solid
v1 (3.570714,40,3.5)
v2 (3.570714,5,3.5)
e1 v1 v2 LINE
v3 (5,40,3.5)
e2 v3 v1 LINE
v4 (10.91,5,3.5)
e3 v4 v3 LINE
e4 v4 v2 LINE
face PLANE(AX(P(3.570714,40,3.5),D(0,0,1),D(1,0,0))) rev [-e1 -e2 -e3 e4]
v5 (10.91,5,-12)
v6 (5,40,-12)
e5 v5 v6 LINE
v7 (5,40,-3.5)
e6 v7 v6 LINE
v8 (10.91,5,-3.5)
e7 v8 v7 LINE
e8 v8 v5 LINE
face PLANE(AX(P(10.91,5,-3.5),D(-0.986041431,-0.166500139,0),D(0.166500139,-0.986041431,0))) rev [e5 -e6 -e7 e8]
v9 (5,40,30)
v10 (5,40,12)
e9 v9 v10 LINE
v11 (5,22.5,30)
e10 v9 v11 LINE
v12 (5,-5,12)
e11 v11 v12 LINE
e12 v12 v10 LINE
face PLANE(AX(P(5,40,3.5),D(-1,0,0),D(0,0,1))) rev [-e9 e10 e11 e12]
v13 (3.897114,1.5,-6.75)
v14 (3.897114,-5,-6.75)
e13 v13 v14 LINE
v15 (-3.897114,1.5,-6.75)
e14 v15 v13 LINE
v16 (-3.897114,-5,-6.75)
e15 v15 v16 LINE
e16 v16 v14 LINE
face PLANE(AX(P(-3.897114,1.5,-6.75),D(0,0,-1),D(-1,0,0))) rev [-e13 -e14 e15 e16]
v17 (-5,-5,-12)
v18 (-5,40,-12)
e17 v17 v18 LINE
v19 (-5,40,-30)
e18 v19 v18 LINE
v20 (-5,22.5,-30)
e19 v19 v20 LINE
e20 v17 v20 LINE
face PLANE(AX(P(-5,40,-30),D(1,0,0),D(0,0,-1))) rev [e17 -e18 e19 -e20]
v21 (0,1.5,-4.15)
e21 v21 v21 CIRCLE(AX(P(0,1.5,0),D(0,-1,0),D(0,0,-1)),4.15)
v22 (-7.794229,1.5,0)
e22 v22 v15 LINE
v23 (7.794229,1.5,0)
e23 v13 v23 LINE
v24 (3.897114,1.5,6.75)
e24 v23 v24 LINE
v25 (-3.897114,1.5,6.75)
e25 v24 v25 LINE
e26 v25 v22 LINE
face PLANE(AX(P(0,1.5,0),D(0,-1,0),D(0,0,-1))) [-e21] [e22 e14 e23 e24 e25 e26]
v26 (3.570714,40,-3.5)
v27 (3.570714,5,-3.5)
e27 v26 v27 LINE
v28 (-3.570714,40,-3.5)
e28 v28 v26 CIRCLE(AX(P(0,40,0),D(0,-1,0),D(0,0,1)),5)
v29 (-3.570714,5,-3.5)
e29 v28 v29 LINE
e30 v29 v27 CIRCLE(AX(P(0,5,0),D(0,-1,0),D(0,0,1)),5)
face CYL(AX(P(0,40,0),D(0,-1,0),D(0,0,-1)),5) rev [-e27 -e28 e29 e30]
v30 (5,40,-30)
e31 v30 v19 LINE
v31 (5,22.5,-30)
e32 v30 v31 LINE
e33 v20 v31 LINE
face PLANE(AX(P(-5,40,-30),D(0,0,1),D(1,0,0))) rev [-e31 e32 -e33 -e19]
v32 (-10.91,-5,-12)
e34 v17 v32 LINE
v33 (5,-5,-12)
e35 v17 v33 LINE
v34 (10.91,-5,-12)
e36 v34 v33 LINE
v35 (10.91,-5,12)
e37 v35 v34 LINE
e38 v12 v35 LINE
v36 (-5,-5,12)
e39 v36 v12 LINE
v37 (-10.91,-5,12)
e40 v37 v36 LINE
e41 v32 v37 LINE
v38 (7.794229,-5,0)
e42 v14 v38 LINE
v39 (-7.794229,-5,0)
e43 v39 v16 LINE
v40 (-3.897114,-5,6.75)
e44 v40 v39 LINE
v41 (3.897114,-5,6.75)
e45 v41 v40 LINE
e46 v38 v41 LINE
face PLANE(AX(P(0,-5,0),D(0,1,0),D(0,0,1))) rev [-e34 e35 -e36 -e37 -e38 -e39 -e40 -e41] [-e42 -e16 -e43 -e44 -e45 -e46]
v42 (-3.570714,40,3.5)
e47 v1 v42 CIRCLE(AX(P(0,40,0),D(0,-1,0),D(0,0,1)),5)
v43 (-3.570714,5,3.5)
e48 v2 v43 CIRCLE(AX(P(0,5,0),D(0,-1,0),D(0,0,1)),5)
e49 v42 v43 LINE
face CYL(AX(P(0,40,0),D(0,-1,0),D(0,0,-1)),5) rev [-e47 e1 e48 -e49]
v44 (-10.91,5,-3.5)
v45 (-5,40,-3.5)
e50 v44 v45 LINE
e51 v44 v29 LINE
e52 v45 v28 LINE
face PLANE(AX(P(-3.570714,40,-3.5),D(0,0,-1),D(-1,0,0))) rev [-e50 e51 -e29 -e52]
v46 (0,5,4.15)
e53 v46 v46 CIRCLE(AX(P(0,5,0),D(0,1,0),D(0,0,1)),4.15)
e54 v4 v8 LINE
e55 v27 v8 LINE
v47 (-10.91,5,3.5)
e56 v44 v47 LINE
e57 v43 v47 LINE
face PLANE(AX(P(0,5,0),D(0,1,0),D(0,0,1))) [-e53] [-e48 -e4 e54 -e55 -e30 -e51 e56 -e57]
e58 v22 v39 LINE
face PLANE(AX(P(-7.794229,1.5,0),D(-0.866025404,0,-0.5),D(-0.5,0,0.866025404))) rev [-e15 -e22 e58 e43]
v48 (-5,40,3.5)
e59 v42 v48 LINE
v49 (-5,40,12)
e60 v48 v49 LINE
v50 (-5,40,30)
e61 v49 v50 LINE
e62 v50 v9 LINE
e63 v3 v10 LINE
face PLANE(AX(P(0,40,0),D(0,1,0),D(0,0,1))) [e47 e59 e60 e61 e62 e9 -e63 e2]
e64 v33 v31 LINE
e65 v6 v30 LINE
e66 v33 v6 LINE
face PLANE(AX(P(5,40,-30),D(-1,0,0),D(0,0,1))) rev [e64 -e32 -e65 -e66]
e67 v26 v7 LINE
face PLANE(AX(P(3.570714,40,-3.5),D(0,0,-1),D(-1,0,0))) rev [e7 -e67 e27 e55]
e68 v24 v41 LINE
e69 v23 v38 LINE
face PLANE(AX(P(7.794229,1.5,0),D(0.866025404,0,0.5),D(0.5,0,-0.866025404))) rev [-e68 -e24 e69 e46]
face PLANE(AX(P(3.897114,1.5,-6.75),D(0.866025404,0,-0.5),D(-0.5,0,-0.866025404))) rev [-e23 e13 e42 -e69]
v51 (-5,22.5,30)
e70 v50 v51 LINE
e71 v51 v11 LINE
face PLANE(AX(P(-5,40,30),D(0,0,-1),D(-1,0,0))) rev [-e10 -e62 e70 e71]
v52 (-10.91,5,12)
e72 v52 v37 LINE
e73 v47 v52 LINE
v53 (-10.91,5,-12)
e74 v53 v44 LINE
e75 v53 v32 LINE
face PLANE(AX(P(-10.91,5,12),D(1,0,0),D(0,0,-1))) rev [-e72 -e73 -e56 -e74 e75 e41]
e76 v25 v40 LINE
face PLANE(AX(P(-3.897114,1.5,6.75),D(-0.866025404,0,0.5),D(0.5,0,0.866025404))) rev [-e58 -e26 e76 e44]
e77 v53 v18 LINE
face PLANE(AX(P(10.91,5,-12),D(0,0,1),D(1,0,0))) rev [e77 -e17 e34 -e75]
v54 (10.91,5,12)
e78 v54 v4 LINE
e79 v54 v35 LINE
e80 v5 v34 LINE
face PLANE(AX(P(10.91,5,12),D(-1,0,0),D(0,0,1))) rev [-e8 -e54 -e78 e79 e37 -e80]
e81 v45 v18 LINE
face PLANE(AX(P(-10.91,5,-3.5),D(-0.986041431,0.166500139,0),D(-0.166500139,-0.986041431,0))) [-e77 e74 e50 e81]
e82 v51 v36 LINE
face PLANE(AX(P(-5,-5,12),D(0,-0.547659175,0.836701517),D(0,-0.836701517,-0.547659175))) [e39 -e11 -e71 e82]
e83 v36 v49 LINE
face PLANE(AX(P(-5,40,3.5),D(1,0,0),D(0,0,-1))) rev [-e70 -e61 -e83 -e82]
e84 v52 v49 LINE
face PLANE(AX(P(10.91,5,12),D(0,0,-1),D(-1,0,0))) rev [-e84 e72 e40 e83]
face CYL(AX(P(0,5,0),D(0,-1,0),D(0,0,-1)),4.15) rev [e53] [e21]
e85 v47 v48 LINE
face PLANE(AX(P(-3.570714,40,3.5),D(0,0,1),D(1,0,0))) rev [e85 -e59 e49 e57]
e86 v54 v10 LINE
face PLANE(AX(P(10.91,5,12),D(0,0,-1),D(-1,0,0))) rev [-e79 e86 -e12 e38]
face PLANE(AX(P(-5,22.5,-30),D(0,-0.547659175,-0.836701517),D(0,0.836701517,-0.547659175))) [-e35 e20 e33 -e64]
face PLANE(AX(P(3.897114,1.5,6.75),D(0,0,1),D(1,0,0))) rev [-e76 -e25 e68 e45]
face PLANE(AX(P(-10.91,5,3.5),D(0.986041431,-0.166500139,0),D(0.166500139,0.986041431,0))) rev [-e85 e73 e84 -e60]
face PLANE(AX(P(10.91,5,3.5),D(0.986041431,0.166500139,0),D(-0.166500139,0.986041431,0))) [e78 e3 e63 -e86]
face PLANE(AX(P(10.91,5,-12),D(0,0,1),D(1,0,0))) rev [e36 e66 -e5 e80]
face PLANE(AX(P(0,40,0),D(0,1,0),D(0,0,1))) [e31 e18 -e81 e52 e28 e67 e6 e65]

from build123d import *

# Parameters (mm, degrees)
SKETCH1_W           = 21.82
SKETCH1_H           = 24
SKETCH1_R           = 4.15
BOSS_EXTRUDE1_DEPTH = 5
CUT_EXTRUDE1_DEPTH  = 6.5
BOSS_EXTRUDE2_DEPTH = 35
BOSS_EXTRUDE3_DEPTH = 10
CUT_EXTRUDE2_DEPTH  = 10
BOSS_EXTRUDE4_START = -18
BOSS_EXTRUDE4_DEPTH = 8.5


with BuildPart() as part:
    # Sketch1 → Boss-Extrude1 (new, symmetric)
    with BuildSketch(Plane(origin=(0, 0, 0), x_dir=(1, 0, 0), z_dir=(0, 1, 0))):
        Rectangle(SKETCH1_W, SKETCH1_H)
        with Locations(Location((0, 0, 0), (0, 0, 270))):
            Circle(SKETCH1_R, mode=Mode.SUBTRACT)
    extrude(amount=BOSS_EXTRUDE1_DEPTH, both=True)

    # Sketch2 → Cut-Extrude1 (cut)
    with BuildSketch(Plane.XZ.offset(5)):
        Polygon((-7.794228634, 0), (-3.897114317, -6.75), (3.897114317, -6.75), (7.794228634, 0), (3.897114317, 6.75), (-3.897114317, 6.75), align=None)
    extrude(amount=-CUT_EXTRUDE1_DEPTH, mode=Mode.SUBTRACT)

    # Sketch3 → Boss-Extrude2 (add)
    with BuildSketch(Plane(origin=(0, 5, 0), x_dir=(1, 0, 0), z_dir=(0, 1, 0))):
        with BuildLine():
            Line((-3.570714214, 3.5), (-5, 3.5))
            Line((-5, 3.5), (-5, 30))
            Line((-5, 30), (5, 30))
            Line((5, 30), (5, 3.5))
            Line((5, 3.5), (3.570714214, 3.5))
            ThreePointArc((3.570714214, 3.5), (0, 5), (-3.570714214, 3.5))
        make_face()
        with BuildLine():
            Line((-5, -30), (5, -30))
            Line((5, -30), (5, -3.5))
            Line((5, -3.5), (3.570714214, -3.5))
            ThreePointArc((3.570714214, -3.5), (0, -5), (-3.570714214, -3.5))
            Line((-3.570714214, -3.5), (-5, -3.5))
            Line((-5, -3.5), (-5, -30))
        make_face()
    extrude(amount=BOSS_EXTRUDE2_DEPTH)

    # Sketch4 → Boss-Extrude3 (add)
    with BuildSketch(Plane(origin=(5, 0, 0), x_dir=(0, 0, -1), z_dir=(1, 0, 0))):
        Polygon((-10.166411733, -5), (-10.1597678, 5.000488901), (-30, 22.5), (-12, -5), align=None)
        Polygon((10.166411733, -5), (10.1597678, 5.000488901), (30, 22.5), (12, -5), align=None)
    extrude(amount=-BOSS_EXTRUDE3_DEPTH)

    # Sketch5 → Cut-Extrude2 (cut)
    with BuildSketch(Plane(origin=(5, 0, 0), x_dir=(0, 0, -1), z_dir=(1, 0, 0))):
        Polygon((-18.545454545, 5), (-30, 22.5), (-30, 5), align=None)
        Polygon((30, 22.5), (30, 5), (18.545454545, 5), align=None)
    extrude(amount=-CUT_EXTRUDE2_DEPTH, mode=Mode.SUBTRACT)

    # Sketch6 → Boss-Extrude4 (add)
    with BuildSketch(Plane(origin=(0, 0, -30), x_dir=(-1, 0, 0), z_dir=(0, 0, -1)).offset(BOSS_EXTRUDE4_START)):
        Polygon((-10.91, 5), (-5, 40), (-5, 5), align=None)
        Polygon((5, 40), (5, 5), (10.91, 5), align=None)
    boss_extrude4 = extrude(amount=-BOSS_EXTRUDE4_DEPTH)

    # Mirror9: Boss-Extrude4 across plane
    add(boss_extrude4.mirror(Plane.XY))


solid = part.part
